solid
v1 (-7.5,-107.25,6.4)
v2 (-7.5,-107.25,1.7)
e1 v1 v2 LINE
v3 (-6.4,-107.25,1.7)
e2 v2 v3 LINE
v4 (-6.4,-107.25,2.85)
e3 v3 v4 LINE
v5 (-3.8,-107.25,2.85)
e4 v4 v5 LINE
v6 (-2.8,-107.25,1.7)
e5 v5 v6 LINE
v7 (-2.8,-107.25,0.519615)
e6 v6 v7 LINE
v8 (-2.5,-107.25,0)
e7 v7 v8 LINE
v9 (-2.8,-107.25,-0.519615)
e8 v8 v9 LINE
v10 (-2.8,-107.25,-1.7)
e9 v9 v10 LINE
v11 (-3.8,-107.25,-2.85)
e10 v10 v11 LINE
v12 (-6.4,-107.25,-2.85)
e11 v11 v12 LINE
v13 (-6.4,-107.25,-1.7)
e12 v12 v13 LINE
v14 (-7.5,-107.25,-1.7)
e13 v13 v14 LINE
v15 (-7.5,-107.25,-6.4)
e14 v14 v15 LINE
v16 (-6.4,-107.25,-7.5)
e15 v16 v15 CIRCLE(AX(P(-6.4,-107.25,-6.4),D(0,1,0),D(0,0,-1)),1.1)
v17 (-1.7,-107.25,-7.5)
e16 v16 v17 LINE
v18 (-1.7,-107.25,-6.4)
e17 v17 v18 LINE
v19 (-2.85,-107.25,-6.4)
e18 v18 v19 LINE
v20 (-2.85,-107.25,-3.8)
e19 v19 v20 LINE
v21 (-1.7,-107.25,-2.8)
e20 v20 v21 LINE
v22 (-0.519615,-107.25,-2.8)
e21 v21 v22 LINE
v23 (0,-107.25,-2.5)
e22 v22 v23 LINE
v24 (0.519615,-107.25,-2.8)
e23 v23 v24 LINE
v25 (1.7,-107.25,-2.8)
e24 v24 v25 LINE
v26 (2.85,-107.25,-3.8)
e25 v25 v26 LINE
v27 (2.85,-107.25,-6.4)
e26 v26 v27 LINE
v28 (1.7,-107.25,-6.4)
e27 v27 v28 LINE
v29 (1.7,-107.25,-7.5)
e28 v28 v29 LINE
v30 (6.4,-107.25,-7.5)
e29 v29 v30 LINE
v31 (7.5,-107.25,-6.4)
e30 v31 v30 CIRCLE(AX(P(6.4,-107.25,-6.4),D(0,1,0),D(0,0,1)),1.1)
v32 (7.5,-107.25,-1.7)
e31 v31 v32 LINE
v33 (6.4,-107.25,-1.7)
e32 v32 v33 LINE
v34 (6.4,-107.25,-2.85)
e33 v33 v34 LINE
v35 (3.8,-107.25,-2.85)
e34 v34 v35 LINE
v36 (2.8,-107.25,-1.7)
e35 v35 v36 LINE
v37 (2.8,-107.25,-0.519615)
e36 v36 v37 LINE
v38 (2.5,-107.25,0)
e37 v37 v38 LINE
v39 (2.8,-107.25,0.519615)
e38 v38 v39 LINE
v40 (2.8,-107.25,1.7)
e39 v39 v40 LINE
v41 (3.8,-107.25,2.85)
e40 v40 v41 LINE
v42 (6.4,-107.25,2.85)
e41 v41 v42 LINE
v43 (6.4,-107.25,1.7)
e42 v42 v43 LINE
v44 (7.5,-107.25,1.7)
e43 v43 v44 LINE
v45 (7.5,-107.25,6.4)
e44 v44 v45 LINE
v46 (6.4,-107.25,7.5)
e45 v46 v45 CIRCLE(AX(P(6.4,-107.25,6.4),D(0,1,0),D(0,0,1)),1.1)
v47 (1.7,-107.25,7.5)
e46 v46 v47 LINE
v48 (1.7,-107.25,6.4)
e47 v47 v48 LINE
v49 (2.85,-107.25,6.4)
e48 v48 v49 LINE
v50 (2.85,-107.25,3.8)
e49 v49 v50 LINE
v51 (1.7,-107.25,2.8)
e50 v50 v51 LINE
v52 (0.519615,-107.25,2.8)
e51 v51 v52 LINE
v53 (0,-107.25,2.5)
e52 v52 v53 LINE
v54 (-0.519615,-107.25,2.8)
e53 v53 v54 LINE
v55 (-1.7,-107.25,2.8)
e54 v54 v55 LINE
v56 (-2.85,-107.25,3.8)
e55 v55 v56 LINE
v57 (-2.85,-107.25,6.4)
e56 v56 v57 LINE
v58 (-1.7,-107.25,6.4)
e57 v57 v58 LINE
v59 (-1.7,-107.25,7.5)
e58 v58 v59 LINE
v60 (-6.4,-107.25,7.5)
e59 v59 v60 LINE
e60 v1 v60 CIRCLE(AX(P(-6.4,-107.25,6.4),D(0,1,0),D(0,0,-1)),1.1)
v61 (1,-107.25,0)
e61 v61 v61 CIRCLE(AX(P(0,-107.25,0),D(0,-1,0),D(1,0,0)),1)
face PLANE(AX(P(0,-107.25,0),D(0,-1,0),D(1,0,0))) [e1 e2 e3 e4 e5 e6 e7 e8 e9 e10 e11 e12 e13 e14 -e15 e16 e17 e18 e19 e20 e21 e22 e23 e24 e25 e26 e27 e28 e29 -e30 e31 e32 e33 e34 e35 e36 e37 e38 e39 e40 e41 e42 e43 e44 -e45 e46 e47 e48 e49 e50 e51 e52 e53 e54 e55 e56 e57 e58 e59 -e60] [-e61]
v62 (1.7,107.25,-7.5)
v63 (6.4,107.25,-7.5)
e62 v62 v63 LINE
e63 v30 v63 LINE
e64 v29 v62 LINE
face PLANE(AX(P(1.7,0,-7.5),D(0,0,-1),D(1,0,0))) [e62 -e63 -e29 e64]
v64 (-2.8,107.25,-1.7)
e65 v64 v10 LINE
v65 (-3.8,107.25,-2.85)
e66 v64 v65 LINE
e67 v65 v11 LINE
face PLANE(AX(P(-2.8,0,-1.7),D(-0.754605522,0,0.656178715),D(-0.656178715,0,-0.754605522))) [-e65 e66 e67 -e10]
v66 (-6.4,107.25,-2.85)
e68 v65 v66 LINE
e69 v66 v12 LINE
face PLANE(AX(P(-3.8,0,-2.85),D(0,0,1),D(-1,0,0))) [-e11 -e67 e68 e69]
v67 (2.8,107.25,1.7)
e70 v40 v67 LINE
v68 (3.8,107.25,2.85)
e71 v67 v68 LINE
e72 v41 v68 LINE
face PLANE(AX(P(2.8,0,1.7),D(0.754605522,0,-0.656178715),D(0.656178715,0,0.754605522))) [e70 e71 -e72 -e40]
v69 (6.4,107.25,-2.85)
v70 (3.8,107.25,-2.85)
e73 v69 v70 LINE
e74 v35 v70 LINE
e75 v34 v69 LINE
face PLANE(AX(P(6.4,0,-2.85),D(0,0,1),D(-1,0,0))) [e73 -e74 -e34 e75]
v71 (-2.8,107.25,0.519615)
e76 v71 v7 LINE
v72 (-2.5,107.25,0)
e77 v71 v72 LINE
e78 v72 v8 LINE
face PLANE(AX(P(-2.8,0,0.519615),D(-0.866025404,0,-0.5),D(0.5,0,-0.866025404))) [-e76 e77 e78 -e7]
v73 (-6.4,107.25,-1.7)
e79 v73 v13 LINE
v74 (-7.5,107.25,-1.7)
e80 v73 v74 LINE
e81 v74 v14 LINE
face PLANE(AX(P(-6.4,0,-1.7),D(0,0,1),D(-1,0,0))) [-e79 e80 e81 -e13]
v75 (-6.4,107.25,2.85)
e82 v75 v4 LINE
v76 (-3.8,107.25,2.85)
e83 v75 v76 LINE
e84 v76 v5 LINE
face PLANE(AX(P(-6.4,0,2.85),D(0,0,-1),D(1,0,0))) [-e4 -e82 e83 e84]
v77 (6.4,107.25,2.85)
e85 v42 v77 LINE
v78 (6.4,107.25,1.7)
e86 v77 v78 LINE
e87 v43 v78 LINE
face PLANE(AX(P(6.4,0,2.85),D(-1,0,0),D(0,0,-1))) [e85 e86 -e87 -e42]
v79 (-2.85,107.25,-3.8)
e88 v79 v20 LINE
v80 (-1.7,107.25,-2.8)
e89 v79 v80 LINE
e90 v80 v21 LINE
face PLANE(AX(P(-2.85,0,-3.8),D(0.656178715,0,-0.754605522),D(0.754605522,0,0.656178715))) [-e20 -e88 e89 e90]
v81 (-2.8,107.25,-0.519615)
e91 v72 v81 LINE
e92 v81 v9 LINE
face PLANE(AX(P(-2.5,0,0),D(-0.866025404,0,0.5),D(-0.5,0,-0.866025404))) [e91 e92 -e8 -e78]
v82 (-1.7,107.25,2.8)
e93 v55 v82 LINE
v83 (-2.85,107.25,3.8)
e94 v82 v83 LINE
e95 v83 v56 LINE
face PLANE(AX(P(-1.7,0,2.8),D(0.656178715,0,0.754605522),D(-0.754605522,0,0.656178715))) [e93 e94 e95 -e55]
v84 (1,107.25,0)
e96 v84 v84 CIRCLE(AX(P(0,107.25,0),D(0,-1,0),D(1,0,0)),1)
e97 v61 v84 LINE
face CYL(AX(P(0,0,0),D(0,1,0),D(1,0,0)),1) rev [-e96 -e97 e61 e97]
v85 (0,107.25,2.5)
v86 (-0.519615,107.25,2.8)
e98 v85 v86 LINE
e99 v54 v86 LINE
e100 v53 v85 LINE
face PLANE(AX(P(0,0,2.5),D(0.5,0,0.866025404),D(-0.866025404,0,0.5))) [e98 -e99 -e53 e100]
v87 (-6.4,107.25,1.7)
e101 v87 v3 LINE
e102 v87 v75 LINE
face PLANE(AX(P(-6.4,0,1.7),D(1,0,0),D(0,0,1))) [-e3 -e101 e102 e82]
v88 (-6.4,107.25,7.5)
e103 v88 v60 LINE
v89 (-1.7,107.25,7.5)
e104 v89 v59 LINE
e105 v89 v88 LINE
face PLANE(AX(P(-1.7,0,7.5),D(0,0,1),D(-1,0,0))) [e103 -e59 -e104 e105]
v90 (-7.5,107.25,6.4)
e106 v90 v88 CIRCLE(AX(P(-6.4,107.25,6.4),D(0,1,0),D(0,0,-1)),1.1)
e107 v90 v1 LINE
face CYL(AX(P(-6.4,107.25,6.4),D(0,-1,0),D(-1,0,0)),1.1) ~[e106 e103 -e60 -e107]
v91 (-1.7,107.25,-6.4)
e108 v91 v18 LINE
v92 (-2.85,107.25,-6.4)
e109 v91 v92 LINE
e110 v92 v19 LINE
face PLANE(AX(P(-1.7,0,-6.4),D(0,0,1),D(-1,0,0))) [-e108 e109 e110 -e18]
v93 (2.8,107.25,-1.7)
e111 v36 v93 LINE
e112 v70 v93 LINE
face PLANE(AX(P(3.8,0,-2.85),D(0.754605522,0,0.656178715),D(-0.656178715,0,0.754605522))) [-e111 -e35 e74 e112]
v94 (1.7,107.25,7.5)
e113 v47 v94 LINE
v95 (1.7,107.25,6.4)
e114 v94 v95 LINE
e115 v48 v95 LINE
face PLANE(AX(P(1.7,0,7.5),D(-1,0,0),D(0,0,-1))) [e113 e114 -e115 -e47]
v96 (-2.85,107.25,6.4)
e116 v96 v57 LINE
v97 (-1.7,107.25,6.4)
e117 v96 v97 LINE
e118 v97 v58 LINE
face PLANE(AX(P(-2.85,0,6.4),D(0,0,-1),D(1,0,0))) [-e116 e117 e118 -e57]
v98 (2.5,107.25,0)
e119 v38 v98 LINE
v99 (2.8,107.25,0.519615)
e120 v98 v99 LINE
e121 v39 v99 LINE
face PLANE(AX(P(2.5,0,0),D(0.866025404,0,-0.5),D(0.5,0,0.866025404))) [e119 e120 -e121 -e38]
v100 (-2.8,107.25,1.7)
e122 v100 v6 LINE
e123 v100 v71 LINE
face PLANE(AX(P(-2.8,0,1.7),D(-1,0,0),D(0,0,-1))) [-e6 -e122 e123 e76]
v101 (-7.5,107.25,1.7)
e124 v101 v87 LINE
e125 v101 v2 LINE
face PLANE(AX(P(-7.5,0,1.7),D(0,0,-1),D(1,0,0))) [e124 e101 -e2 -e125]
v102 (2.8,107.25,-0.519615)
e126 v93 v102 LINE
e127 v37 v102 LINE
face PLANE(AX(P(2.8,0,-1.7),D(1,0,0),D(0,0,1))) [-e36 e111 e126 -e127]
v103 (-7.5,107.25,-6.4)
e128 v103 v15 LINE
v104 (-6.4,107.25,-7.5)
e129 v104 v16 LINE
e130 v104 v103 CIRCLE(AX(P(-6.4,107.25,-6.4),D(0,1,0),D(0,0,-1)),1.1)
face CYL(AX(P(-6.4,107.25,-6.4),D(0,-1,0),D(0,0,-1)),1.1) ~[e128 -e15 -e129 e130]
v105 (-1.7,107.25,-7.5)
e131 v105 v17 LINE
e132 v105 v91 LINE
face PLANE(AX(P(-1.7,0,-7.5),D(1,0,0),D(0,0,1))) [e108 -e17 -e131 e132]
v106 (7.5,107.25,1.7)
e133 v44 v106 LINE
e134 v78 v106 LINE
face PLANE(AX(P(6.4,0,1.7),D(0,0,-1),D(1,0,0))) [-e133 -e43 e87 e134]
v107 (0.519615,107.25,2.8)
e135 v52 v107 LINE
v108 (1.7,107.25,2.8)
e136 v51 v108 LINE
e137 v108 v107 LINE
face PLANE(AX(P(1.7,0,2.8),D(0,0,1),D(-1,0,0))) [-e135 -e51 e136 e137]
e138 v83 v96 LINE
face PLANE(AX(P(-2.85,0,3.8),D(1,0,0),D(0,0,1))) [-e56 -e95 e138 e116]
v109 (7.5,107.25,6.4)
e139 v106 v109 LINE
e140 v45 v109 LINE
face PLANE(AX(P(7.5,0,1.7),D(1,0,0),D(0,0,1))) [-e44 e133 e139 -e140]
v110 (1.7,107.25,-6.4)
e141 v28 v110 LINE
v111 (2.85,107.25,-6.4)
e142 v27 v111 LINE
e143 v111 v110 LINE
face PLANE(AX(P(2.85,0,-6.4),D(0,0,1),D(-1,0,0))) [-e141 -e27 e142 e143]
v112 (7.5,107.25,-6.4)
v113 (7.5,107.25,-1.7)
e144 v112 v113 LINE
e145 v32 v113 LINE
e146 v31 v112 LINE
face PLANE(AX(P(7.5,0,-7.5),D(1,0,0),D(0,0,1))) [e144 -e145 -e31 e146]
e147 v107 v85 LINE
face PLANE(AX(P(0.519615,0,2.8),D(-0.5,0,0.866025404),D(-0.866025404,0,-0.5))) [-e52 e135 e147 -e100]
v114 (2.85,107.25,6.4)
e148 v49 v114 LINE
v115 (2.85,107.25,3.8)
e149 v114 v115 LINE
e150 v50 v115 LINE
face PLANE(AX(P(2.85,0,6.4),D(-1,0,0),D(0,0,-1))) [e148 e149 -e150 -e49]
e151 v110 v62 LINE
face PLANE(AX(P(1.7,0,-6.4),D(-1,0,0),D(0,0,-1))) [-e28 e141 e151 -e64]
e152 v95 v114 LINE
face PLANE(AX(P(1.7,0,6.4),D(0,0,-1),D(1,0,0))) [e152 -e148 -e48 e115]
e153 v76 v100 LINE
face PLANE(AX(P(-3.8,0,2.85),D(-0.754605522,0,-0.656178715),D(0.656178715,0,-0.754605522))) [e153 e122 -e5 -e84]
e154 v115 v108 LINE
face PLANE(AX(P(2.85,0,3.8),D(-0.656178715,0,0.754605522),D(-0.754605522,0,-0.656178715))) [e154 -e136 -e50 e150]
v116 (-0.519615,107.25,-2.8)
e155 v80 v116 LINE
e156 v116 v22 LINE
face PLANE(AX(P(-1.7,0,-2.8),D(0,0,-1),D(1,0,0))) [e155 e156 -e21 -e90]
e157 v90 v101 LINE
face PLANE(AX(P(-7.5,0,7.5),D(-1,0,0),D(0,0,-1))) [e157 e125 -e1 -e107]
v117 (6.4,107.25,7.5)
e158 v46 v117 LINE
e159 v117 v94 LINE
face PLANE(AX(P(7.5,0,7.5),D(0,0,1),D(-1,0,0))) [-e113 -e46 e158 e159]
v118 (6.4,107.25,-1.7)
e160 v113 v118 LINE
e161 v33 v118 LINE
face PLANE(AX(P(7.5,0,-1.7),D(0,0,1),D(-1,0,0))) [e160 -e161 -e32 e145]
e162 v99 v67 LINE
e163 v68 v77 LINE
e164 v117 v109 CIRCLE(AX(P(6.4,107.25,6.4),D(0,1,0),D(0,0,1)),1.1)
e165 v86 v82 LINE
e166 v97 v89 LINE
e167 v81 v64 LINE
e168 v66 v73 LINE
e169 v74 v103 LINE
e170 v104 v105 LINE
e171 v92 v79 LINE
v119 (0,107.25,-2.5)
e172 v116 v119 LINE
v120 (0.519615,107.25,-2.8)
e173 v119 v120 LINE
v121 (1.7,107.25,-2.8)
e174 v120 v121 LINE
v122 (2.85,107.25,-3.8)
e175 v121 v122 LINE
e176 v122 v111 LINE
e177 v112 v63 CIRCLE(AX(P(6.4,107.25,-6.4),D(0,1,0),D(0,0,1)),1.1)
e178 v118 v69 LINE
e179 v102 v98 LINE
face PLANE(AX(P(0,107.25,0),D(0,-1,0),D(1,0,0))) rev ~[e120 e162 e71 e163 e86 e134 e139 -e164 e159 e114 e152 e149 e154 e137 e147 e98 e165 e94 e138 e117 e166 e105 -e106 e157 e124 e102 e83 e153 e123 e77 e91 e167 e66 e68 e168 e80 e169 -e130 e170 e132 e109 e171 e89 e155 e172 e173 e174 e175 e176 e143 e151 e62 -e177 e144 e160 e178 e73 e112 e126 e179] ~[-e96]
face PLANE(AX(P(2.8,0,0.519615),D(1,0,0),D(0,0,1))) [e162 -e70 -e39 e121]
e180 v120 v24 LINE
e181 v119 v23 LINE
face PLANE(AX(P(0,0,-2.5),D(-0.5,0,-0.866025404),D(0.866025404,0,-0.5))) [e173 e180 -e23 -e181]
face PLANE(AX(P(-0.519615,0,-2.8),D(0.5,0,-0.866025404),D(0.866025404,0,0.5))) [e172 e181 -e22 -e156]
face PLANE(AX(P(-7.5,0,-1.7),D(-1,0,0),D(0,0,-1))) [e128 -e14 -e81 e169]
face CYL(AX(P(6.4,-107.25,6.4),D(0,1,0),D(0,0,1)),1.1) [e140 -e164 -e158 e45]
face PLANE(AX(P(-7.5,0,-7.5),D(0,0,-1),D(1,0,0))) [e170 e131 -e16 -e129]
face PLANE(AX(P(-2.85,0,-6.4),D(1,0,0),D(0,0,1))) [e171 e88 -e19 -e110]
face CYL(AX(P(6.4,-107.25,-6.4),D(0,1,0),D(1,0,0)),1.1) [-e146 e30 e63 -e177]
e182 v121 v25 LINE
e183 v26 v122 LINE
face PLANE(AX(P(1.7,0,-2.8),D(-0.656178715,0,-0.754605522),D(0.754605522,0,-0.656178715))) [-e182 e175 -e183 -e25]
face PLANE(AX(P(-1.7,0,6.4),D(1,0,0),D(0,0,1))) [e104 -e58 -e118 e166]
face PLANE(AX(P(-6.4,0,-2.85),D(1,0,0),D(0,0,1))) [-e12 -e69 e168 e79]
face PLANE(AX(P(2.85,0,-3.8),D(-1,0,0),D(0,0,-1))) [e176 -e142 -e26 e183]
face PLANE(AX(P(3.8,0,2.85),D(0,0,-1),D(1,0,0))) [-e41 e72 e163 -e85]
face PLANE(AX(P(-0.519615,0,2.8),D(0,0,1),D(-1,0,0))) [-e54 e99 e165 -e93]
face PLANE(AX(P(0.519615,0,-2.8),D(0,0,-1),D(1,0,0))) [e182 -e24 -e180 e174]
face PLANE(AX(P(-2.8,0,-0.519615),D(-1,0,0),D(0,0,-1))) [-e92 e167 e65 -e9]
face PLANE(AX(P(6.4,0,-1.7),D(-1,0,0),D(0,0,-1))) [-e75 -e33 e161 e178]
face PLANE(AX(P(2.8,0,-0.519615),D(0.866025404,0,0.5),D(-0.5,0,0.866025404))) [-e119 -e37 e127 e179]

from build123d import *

# Parameters (mm, degrees)
F0_R     = 1
F1_DEPTH = 107.25
F2_R     = 1.1


with BuildPart() as f1:
    # F0 (on Front) → F1 (new body, symmetric)
    with BuildSketch(Plane.XZ):
        Polygon((-1.7, 2.8), (-2.85, 3.8), (-2.85, 6.4), (-1.7, 6.4), (-1.7, 7.5), (-7.5, 7.5), (-7.5, 1.7), (-6.4, 1.7), (-6.4, 2.85), (-3.8, 2.85), (-2.8, 1.7), (-2.8, 0.5196152423), (-2.5, 0), (-2.8, -0.5196152423), (-2.8, -1.7), (-3.8, -2.85), (-6.4, -2.85), (-6.4, -1.7), (-7.5, -1.7), (-7.5, -7.5), (-1.7, -7.5), (-1.7, -6.4), (-2.85, -6.4), (-2.85, -3.8), (-1.7, -2.8), (-0.5196152423, -2.8), (0, -2.5), (0.5196152423, -2.8), (1.7, -2.8), (2.85, -3.8), (2.85, -6.4), (1.7, -6.4), (1.7, -7.5), (7.5, -7.5), (7.5, -1.7), (6.4, -1.7), (6.4, -2.85), (3.8, -2.85), (2.8, -1.7), (2.8, -0.5196152423), (2.5, 0), (2.8, 0.5196152423), (2.8, 1.7), (3.8, 2.85), (6.4, 2.85), (6.4, 1.7), (7.5, 1.7), (7.5, 7.5), (1.7, 7.5), (1.7, 6.4), (2.85, 6.4), (2.85, 3.8), (1.7, 2.8), (0.5196152423, 2.8), (0, 2.5), (-0.5196152423, 2.8), align=None)
        Circle(F0_R, mode=Mode.SUBTRACT)
    extrude(amount=F1_DEPTH, both=True)

    # F2
    f2_edges = [f1.edges().sort_by_distance(p)[0] for p in [
        (7.5, 0, 7.5),
        (-7.5, 0, 7.5),
        (7.5, 0, -7.5),
        (-7.5, 0, -7.5),
    ]]
    fillet(f2_edges, radius=F2_R)


solid = f1.part
